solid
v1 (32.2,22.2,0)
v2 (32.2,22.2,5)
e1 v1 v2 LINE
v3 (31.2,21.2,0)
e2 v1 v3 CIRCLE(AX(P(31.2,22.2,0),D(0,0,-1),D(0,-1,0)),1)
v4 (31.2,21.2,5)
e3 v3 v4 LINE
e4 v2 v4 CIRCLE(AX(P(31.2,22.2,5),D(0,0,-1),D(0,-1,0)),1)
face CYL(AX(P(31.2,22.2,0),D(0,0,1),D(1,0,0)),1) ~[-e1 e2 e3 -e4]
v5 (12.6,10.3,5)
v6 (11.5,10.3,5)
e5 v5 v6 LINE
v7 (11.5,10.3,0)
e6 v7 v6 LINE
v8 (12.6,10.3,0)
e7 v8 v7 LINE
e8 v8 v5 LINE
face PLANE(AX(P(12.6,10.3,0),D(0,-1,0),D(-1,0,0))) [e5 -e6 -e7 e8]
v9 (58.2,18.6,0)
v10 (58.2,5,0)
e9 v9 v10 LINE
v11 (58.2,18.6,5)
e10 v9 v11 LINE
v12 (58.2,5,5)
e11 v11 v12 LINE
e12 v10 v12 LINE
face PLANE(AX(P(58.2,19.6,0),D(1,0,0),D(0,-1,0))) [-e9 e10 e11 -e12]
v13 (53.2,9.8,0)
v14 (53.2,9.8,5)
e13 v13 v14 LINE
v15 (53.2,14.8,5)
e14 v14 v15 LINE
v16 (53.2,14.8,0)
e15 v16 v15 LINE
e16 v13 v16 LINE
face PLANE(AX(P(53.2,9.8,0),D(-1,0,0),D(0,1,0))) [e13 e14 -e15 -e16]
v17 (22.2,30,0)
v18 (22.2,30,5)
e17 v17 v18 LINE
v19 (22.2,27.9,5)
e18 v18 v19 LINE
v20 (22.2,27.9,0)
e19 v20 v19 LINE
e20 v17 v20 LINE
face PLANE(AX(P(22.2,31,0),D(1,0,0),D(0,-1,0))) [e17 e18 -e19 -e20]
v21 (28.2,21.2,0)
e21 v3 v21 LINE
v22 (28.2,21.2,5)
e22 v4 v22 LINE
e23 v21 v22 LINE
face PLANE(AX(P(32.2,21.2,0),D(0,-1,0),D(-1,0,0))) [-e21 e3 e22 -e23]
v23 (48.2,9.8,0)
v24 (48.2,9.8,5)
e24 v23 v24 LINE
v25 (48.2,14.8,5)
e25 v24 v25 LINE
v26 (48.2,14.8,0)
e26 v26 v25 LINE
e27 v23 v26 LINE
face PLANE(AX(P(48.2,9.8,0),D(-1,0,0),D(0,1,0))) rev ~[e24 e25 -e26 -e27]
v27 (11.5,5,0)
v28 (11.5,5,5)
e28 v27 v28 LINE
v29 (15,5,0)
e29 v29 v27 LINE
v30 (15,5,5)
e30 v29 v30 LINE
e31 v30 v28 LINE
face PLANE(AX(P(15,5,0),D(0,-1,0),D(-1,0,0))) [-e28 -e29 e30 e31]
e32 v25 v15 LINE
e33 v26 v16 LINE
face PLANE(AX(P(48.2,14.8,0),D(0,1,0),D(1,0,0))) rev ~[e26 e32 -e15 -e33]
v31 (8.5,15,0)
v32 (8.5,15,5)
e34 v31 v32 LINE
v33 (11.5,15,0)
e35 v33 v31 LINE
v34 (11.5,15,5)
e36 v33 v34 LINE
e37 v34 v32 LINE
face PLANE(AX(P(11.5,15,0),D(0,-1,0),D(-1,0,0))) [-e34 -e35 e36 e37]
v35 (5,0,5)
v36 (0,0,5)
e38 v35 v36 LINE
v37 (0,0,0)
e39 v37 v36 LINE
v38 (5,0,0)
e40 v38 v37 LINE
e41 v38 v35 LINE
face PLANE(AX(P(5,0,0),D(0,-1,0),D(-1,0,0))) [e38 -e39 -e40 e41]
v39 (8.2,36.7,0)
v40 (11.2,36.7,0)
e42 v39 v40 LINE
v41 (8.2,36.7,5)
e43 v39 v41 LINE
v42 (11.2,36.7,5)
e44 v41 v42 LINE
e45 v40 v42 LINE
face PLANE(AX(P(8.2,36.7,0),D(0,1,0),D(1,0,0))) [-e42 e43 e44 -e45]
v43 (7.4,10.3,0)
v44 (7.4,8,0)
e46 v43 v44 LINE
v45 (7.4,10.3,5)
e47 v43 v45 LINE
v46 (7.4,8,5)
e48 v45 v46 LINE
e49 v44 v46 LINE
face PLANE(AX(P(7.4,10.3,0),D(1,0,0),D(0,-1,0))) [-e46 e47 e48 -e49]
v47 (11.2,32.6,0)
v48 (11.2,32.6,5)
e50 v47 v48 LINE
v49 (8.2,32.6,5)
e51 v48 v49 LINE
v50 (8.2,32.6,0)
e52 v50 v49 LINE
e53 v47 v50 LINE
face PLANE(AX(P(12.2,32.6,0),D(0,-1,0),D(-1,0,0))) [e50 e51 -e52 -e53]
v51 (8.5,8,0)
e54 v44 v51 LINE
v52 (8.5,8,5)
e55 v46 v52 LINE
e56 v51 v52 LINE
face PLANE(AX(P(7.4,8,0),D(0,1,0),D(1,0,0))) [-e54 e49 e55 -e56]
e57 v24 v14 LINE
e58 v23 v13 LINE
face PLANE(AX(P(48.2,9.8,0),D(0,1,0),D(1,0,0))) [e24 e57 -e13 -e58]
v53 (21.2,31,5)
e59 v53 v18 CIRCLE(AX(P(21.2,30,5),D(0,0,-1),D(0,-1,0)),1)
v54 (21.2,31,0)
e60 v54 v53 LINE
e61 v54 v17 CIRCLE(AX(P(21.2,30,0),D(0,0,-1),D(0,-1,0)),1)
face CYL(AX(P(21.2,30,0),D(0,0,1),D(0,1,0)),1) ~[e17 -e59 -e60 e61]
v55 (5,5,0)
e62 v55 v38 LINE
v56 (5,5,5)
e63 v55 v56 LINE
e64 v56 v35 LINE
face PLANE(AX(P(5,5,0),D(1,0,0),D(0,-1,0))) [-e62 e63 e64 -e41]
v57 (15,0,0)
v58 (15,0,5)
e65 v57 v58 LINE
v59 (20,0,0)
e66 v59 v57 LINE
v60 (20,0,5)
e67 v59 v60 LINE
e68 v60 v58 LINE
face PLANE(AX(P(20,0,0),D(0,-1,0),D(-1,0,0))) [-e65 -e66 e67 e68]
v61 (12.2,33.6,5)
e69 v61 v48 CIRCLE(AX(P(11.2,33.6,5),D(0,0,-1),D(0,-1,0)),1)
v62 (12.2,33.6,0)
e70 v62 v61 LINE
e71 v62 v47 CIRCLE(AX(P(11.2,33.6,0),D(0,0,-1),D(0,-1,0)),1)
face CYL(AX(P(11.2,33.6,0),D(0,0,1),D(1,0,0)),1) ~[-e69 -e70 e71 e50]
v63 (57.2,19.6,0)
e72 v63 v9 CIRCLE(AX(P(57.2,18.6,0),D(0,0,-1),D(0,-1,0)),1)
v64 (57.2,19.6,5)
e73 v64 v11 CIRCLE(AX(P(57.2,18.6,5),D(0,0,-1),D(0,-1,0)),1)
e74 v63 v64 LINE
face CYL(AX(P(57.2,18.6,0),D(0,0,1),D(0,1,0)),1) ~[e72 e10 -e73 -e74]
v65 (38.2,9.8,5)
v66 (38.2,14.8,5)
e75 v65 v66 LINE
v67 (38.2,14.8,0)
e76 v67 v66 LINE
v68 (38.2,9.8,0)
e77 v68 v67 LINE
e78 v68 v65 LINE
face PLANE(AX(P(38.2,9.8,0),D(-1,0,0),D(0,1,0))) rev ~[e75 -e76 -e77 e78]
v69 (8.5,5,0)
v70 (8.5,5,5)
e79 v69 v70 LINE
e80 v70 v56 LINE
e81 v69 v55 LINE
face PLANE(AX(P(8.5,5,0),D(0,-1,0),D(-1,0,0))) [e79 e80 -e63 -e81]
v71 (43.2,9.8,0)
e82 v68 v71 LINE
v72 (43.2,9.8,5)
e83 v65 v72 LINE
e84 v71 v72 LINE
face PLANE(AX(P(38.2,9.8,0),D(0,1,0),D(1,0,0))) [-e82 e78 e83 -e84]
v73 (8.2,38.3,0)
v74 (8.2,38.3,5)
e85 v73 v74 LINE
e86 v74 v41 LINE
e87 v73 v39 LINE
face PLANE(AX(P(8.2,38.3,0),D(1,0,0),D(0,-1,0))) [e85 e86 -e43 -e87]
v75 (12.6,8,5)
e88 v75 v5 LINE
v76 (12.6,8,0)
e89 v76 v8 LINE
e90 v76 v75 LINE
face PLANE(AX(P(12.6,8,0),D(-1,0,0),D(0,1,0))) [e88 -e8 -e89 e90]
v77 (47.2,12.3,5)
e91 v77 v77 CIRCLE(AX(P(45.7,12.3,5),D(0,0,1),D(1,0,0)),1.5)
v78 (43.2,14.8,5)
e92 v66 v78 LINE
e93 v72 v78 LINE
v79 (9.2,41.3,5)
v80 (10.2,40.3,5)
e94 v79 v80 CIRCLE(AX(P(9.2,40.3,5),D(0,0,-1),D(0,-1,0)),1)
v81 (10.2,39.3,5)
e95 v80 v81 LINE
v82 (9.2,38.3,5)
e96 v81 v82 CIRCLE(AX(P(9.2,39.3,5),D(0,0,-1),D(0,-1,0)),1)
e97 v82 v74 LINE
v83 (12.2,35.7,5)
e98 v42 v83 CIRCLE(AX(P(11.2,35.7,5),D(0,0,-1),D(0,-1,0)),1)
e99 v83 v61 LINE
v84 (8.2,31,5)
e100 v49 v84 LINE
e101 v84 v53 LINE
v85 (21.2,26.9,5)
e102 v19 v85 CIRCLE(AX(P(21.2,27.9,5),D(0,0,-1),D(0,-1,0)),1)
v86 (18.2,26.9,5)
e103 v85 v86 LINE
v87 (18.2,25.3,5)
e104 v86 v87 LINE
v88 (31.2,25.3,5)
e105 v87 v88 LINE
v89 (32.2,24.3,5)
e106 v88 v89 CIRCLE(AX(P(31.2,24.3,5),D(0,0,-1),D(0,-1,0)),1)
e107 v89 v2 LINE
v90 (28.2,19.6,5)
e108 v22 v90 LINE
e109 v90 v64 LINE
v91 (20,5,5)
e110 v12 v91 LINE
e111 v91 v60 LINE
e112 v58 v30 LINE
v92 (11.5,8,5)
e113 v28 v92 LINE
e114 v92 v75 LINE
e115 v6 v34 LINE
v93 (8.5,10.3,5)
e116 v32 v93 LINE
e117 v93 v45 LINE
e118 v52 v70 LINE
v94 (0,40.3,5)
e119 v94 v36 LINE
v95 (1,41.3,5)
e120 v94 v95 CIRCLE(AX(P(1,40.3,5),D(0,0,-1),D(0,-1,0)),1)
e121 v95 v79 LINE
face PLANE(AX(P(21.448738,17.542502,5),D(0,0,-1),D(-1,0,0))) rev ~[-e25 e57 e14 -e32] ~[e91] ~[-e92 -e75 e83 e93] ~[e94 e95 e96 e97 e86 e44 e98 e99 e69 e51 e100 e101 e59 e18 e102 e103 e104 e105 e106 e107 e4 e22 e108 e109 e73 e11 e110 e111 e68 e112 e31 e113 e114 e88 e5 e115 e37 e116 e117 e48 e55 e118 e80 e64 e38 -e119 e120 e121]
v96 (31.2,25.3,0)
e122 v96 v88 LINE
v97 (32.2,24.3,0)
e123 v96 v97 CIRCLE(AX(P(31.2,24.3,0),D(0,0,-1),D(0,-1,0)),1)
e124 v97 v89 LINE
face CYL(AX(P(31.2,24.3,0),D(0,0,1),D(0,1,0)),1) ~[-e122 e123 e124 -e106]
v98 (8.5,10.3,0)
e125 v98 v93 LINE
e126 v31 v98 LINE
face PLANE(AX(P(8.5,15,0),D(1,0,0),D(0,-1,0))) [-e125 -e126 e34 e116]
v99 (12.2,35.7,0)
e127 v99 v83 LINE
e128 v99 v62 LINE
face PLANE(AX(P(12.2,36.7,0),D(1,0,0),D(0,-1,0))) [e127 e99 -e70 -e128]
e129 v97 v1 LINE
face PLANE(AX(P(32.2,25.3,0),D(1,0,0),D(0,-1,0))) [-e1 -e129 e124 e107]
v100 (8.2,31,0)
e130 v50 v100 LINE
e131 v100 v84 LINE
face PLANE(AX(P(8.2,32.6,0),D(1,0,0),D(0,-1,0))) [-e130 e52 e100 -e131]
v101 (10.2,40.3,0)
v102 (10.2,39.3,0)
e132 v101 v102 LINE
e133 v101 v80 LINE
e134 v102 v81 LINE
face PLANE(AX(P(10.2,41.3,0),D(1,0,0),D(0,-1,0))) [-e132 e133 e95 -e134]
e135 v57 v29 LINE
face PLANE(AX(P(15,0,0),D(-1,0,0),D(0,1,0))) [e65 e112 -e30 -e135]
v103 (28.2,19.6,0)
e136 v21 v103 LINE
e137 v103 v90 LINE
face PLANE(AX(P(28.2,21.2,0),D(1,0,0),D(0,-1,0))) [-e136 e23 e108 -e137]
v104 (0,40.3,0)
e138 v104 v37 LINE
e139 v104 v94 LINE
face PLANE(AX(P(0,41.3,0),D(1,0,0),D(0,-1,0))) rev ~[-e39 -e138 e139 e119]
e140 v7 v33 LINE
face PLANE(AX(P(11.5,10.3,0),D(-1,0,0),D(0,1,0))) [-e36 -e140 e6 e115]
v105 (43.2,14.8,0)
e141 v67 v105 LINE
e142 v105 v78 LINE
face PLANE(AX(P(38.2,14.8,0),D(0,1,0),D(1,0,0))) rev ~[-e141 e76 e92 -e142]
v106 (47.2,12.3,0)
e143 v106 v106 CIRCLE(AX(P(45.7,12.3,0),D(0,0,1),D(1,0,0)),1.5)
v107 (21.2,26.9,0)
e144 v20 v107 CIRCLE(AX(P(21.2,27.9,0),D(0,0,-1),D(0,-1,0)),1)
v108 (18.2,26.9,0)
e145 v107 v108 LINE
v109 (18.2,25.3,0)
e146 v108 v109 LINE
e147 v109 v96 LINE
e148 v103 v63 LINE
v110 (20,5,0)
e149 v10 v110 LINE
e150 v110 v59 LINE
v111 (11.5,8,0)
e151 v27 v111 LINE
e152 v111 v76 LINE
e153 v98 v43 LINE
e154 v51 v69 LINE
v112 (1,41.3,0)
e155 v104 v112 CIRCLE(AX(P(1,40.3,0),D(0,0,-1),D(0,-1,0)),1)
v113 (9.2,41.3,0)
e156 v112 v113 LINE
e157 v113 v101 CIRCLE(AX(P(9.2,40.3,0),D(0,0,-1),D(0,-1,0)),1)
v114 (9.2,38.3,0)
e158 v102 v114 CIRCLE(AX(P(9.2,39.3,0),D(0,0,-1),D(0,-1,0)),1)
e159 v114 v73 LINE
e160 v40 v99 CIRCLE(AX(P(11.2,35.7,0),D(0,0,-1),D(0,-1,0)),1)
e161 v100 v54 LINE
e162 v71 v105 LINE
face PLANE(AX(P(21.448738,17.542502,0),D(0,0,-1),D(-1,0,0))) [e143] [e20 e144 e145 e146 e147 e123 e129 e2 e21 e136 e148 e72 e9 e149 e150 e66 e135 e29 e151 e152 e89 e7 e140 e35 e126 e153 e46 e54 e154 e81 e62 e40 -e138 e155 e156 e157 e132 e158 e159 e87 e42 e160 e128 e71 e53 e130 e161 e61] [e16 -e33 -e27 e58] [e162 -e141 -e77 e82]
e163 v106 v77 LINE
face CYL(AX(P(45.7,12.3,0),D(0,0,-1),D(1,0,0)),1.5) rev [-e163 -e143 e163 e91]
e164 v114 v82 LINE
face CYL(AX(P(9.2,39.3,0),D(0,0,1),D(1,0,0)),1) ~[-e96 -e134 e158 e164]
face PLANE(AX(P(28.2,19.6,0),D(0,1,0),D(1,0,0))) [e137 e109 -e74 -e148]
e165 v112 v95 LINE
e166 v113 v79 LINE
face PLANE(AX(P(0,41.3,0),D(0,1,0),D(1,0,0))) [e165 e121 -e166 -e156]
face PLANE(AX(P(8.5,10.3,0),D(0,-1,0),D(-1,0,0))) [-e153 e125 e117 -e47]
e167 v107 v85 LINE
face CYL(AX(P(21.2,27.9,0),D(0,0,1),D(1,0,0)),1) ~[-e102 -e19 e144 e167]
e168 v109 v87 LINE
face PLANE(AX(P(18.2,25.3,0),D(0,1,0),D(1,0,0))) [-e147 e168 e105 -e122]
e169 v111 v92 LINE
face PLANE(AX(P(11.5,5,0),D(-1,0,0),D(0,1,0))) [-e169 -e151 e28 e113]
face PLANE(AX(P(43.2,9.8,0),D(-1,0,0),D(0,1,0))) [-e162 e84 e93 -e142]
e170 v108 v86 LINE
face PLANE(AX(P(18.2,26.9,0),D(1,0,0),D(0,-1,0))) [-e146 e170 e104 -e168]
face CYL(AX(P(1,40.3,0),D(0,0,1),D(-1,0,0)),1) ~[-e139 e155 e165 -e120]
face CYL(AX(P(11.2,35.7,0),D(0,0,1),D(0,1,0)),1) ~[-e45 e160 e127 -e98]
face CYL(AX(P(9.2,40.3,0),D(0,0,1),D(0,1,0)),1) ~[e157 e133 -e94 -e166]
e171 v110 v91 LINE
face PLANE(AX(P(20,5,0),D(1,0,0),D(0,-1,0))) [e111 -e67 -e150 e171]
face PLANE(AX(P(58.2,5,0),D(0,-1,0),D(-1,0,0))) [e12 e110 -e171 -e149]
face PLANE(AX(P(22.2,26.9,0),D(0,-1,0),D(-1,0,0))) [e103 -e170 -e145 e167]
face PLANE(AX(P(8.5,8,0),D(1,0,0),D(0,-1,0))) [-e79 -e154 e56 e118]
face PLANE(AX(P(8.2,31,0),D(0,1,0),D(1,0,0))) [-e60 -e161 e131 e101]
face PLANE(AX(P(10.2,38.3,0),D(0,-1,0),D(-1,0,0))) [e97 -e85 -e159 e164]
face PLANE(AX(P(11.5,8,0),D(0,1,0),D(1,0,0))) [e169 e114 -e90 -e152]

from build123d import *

# Parameters (mm, degrees)
SKETCH1_R           = 1.5
SKETCH1_W           = 5
SKETCH1_H           = 5
BOSS_EXTRUDE1_DEPTH = 5
FILLET3_R           = 1


with BuildPart() as part:
    # Sketch1 → Boss-Extrude1 (new body)
    with BuildSketch(Plane.XY):
        Polygon((0, 5), (0, 19.982808697), (0, 25.3), (0, 30.1), (0, 41.3), (10.2, 41.3), (10.2, 38.3), (8.2, 38.3), (8.2, 36.7), (12.2, 36.7), (12.2, 32.6), (8.2, 32.6), (8.2, 31), (22.2, 31), (22.2, 26.9), (18.2, 26.9), (18.2, 25.3), (32.2, 25.3), (32.2, 21.2), (28.2, 21.2), (28.2, 19.6), (58.2, 19.6), (58.2, 5), (20, 5), (20, 0), (15, 0), (15, 5), (11.5, 5), (11.5, 8), (12.6, 8), (12.6, 10.3), (11.5, 10.3), (11.5, 15), (8.5, 15), (8.5, 10.3), (7.4, 10.3), (7.4, 8), (8.5, 8), (8.5, 5), (5, 5), (5, 0), (0, 0), align=None)
        with Locations((45.7, 12.3)):
            Circle(SKETCH1_R, mode=Mode.SUBTRACT)
        with Locations((40.7, 12.3)):
            Rectangle(SKETCH1_W, SKETCH1_H, mode=Mode.SUBTRACT)
        with Locations((50.7, 12.3)):
            Rectangle(SKETCH1_W, SKETCH1_H, mode=Mode.SUBTRACT)
    extrude(amount=BOSS_EXTRUDE1_DEPTH)

    # Fillet3
    fillet3_edges = [part.edges().sort_by_distance(p)[0] for p in [
        (0, 41.3, 2.5),
        (10.2, 41.3, 2.5),
        (10.2, 38.3, 2.5),
        (12.2, 36.7, 2.5),
        (12.2, 32.6, 2.5),
        (22.2, 31, 2.5),
        (22.2, 26.9, 2.5),
        (32.2, 25.3, 2.5),
        (32.2, 21.2, 2.5),
        (58.2, 19.6, 2.5),
    ]]
    fillet(fillet3_edges, radius=FILLET3_R)


solid = part.part
